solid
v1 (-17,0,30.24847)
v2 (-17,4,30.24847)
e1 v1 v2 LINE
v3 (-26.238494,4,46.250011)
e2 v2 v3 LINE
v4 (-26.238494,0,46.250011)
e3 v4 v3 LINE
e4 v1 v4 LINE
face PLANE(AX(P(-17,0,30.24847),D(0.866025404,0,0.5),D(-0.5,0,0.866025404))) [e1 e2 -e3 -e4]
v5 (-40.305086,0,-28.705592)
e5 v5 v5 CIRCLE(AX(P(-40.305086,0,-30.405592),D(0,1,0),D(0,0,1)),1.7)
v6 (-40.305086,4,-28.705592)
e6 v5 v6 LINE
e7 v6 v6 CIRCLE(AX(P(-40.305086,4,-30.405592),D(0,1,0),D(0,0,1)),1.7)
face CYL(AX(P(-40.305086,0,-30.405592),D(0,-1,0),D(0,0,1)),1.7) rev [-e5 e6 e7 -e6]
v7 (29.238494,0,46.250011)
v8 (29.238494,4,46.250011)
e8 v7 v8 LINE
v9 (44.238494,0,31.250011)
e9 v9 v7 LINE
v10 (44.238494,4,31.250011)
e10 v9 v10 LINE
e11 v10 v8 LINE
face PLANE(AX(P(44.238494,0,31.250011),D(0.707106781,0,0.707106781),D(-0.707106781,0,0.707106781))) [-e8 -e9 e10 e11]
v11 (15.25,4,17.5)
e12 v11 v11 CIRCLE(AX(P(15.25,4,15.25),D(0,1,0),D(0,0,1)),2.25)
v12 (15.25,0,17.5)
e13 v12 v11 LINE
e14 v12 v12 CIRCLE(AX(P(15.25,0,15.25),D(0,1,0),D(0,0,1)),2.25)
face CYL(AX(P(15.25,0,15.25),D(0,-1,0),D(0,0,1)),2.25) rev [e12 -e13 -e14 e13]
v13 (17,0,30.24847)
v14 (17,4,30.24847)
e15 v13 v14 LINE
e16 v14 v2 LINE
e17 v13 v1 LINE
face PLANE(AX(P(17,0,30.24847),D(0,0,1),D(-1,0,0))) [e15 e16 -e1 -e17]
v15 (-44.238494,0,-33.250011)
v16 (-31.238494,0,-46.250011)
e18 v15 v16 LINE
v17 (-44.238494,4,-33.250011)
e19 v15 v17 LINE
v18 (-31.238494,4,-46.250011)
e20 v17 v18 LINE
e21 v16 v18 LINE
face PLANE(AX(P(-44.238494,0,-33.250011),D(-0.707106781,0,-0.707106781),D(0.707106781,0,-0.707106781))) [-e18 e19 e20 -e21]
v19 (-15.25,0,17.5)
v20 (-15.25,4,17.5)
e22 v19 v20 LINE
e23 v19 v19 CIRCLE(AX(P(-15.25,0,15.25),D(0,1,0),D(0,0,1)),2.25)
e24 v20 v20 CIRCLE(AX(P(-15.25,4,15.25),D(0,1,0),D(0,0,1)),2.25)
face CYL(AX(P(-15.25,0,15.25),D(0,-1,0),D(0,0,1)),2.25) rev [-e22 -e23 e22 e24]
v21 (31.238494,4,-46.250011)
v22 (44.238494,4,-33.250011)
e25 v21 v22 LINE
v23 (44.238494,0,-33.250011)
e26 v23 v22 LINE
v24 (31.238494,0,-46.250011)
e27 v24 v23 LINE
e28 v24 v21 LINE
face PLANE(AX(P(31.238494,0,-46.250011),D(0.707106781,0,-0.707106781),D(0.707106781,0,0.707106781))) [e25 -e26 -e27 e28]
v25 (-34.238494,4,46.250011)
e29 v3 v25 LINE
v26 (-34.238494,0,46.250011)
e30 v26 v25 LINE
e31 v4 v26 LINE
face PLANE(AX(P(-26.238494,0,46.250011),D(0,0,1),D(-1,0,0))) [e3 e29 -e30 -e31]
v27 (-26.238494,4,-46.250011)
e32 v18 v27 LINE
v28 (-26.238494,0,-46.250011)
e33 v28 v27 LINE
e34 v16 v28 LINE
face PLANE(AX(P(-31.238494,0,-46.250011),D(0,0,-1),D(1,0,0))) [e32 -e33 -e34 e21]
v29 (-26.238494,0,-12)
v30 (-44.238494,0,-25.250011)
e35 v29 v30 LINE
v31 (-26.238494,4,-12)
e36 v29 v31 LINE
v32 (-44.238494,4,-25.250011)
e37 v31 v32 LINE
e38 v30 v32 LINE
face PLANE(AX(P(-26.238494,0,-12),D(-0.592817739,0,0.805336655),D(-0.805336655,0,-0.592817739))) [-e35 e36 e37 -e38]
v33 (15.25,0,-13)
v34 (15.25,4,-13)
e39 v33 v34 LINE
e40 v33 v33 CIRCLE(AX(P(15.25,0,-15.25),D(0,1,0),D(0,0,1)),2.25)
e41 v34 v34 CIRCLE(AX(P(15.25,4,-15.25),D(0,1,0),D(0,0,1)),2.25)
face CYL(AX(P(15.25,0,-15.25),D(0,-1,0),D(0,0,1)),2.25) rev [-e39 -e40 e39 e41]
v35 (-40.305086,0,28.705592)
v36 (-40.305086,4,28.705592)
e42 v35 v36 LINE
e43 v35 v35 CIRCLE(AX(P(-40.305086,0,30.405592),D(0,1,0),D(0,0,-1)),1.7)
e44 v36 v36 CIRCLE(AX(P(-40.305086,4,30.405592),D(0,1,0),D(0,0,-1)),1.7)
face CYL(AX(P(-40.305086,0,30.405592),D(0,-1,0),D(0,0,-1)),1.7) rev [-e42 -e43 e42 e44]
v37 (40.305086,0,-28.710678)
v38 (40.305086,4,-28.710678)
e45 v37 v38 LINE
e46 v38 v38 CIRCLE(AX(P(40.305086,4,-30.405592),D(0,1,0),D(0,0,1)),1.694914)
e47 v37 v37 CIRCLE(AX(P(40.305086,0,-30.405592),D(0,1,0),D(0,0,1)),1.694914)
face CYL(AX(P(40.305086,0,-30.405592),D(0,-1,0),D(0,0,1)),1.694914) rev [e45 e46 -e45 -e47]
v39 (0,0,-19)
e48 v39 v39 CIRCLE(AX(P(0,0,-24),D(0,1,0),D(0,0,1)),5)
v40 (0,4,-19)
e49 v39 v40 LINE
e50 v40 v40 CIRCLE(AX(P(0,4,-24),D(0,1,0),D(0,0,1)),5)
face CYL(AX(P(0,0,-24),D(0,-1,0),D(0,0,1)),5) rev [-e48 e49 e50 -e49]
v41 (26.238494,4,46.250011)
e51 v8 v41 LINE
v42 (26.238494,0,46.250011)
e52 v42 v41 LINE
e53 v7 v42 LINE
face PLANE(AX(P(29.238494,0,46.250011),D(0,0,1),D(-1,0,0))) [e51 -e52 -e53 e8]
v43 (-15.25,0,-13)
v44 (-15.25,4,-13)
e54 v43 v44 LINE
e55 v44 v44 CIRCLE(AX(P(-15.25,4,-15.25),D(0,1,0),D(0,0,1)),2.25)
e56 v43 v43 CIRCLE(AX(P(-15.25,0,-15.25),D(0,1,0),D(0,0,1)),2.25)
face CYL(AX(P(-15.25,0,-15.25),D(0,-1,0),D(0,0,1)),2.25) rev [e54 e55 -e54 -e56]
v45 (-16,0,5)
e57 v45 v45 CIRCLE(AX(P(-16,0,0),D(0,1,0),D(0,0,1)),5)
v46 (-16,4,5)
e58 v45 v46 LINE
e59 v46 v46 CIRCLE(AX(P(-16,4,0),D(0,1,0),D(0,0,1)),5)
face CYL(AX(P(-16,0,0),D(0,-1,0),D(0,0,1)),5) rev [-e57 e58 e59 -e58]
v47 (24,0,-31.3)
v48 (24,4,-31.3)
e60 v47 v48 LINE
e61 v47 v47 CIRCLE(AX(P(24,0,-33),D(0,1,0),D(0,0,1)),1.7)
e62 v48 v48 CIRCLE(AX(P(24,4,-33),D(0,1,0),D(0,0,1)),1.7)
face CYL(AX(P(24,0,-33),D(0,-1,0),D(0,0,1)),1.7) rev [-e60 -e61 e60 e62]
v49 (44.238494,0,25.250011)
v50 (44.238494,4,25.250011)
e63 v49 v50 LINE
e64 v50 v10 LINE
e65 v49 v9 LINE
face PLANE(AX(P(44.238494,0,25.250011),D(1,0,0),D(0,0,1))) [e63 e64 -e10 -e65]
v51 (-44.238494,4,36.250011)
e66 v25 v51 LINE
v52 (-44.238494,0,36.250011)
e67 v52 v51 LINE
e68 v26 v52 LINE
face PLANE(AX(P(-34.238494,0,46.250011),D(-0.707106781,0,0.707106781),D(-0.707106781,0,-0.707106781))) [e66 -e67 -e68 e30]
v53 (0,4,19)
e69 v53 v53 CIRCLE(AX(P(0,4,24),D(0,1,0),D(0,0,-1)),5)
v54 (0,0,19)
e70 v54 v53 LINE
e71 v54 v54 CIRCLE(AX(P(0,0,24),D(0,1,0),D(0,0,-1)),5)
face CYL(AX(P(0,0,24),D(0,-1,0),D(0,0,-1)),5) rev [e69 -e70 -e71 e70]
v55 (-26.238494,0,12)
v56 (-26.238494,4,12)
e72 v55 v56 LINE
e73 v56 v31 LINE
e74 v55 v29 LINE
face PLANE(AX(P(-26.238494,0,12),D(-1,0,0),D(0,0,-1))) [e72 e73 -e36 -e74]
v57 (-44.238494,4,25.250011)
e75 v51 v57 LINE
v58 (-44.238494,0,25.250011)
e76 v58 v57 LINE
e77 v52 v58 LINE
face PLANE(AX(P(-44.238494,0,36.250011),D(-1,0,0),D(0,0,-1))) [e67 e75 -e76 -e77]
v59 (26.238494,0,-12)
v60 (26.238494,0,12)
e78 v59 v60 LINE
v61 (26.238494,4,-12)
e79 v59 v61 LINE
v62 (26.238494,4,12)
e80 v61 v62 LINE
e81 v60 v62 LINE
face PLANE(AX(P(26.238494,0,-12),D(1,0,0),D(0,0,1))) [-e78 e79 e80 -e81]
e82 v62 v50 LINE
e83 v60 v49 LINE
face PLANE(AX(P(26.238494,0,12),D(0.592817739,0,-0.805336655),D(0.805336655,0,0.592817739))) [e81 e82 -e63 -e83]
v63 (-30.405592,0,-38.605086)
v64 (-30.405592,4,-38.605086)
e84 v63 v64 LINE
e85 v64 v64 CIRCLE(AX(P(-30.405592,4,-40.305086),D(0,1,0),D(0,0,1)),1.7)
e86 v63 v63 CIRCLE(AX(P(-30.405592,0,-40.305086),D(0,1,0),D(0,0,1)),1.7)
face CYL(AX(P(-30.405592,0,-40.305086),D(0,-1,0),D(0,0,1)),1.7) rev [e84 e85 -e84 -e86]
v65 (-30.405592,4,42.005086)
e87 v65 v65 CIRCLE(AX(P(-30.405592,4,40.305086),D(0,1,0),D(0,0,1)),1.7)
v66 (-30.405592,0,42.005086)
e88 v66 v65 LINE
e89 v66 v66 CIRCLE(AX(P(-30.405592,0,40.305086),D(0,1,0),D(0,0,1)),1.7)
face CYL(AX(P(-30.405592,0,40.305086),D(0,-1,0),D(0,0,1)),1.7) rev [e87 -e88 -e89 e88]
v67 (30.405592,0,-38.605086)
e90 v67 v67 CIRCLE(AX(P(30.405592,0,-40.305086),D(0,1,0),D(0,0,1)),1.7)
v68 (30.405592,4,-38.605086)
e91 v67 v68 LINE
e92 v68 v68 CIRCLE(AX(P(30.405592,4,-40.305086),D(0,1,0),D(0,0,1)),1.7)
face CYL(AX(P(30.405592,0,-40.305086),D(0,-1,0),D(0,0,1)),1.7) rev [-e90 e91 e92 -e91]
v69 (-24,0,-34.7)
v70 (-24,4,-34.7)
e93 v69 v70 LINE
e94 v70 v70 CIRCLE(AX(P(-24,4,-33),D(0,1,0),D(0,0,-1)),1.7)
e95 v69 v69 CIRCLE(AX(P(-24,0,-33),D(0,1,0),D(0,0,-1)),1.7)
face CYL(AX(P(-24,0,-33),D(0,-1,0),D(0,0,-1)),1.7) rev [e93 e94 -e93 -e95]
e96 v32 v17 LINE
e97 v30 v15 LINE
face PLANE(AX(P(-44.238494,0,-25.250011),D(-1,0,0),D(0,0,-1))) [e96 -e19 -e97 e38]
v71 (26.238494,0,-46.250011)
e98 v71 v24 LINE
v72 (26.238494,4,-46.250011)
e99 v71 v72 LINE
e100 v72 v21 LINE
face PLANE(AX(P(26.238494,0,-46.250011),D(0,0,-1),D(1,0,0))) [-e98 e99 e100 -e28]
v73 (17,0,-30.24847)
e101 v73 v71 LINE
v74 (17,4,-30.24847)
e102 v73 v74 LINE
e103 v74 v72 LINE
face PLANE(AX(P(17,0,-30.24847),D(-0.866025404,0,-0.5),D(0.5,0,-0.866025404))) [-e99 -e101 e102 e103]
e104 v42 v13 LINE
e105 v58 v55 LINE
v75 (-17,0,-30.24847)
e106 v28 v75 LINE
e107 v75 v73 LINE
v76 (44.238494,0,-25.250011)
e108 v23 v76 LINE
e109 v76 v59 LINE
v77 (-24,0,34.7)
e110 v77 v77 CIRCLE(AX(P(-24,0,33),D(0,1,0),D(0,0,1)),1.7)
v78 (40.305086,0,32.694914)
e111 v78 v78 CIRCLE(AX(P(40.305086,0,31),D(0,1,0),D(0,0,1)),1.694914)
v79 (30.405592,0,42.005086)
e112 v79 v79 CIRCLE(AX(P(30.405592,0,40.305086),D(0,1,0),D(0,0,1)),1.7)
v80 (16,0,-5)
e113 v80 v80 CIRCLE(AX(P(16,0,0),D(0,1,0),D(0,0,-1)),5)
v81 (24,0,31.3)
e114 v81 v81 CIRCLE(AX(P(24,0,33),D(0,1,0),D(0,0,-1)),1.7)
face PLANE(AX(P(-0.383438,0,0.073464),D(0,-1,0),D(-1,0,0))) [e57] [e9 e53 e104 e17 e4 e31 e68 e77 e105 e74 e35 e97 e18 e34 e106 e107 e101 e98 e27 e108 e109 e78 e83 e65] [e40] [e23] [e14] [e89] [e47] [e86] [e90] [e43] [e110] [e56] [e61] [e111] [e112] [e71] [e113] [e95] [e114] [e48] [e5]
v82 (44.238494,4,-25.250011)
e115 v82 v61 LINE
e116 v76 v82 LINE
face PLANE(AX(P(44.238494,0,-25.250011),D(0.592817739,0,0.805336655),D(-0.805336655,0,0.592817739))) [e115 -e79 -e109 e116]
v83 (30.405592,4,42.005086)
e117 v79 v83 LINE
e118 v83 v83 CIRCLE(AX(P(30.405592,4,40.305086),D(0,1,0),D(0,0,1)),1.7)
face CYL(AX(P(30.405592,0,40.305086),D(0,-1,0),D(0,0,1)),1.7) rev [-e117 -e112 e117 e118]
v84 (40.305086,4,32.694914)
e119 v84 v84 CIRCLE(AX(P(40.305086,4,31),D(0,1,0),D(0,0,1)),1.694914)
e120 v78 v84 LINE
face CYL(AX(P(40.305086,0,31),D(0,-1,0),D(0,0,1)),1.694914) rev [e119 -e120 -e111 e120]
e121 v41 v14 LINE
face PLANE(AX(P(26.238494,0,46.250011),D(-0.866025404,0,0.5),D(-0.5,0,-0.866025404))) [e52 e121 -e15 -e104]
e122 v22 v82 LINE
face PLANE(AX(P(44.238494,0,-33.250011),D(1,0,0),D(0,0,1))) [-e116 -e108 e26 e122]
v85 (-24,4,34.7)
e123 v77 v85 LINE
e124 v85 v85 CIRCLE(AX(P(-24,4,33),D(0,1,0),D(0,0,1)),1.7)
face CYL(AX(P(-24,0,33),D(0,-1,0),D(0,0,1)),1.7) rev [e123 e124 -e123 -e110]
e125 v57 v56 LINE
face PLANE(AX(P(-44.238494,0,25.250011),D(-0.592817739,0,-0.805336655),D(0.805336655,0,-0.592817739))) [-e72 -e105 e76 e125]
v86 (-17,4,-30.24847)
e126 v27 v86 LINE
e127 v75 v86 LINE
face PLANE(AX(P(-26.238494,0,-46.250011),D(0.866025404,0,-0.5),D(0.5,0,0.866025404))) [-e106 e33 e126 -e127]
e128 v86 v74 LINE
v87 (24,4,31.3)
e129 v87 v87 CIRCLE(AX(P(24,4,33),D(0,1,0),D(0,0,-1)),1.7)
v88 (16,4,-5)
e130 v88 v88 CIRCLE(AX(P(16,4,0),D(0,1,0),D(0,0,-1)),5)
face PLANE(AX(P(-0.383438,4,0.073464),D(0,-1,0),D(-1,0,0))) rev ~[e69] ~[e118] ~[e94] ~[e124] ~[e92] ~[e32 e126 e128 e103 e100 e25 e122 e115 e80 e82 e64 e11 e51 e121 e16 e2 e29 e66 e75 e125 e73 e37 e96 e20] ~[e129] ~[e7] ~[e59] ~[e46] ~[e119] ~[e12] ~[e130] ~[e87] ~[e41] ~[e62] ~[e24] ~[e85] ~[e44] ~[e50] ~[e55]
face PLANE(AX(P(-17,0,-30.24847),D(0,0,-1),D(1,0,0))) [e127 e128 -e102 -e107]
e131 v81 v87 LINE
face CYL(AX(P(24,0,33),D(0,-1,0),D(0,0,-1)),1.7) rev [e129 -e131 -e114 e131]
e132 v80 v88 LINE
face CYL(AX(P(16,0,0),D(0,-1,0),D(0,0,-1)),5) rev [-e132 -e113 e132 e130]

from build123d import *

# Parameters (mm, degrees)
SKETCH_1_R      = 2.25
SKETCH_1_R_2    = 1.7
SKETCH_1_R_3    = 5
SKETCH_1_R_4    = 1.69491354
EXTRUDE_1_DEPTH = 4


with BuildPart() as part:
    # 草图1 → 凸台-拉伸1 (new body)
    with BuildSketch(Plane(origin=(0, 0, 0), x_dir=(1, 0, 0), z_dir=(0, 1, 0))):
        Polygon((44.23849367, 33.250010702), (44.23849367, 25.250010702), (26.23849367, 12), (26.23849367, -12), (44.23849367, -25.250010702), (44.23849367, -31.250010702), (29.23849367, -46.250010702), (26.23849367, -46.250010702), (17, -30.248470281), (-17, -30.248470281), (-26.23849367, -46.250010702), (-34.23849367, -46.250010702), (-44.23849367, -36.250010702), (-44.23849367, -25.250010702), (-26.23849367, -12), (-26.23849367, 12), (-44.23849367, 25.250010702), (-44.23849367, 33.250010702), (-31.23849367, 46.250010702), (-26.23849367, 46.250010702), (-17, 30.248470281), (17, 30.248470281), (26.23849367, 46.250010702), (31.23849367, 46.250010702), align=None)
        with Locations(Location((-15.25, -15.25, 0), (0, 0, 270))):
            Circle(SKETCH_1_R, mode=Mode.SUBTRACT)
        with Locations(Location((-15.25, 15.25, 0), (0, 0, 270))):
            Circle(SKETCH_1_R, mode=Mode.SUBTRACT)
        with Locations(Location((15.25, -15.25, 0), (0, 0, 270))):
            Circle(SKETCH_1_R, mode=Mode.SUBTRACT)
        with Locations(Location((15.25, 15.25, 0), (0, 0, 270))):
            Circle(SKETCH_1_R, mode=Mode.SUBTRACT)
        with Locations(Location((-24, -33, 0), (0, 0, 270))):
            Circle(SKETCH_1_R_2, mode=Mode.SUBTRACT)
        with Locations(Location((-16, 0, 0), (0, 0, 270))):
            Circle(SKETCH_1_R_3, mode=Mode.SUBTRACT)
        with Locations(Location((0, 24, 0), (0, 0, 270))):
            Circle(SKETCH_1_R_3, mode=Mode.SUBTRACT)
        with Locations(Location((-30.40559154, -40.30508646, 0), (0, 0, 270))):
            Circle(SKETCH_1_R_2, mode=Mode.SUBTRACT)
        with Locations(Location((-30.40559154, 40.30508646, 0), (0, 0, 270))):
            Circle(SKETCH_1_R_2, mode=Mode.SUBTRACT)
        with Locations(Location((-40.30508646, 30.40559154, 0), (0, 0, 270))):
            Circle(SKETCH_1_R_2, mode=Mode.SUBTRACT)
        with Locations(Location((30.40559154, -40.30508646, 0), (0, 0, 270))):
            Circle(SKETCH_1_R_2, mode=Mode.SUBTRACT)
        with Locations(Location((40.30508646, -31, 0), (0, 0, 270))):
            Circle(SKETCH_1_R_4, mode=Mode.SUBTRACT)
        with Locations(Location((40.30508646, 30.40559154, 0), (0, 0, 270))):
            Circle(SKETCH_1_R_4, mode=Mode.SUBTRACT)
        with Locations(Location((30.40559154, 40.30508646, 0), (0, 0, 270))):
            Circle(SKETCH_1_R_2, mode=Mode.SUBTRACT)
        with Locations(Location((-40.30508646, -30.40559154, 0), (0, 0, 90))):
            Circle(SKETCH_1_R_2, mode=Mode.SUBTRACT)
        with Locations(Location((24, -33, 0), (0, 0, 90))):
            Circle(SKETCH_1_R_2, mode=Mode.SUBTRACT)
        with Locations(Location((24, 33, 0), (0, 0, 270))):
            Circle(SKETCH_1_R_2, mode=Mode.SUBTRACT)
        with Locations(Location((-24, 33, 0), (0, 0, 90))):
            Circle(SKETCH_1_R_2, mode=Mode.SUBTRACT)
        with Locations(Location((16, 0, 0), (0, 0, 90))):
            Circle(SKETCH_1_R_3, mode=Mode.SUBTRACT)
        with Locations(Location((0, -24, 0), (0, 0, 90))):
            Circle(SKETCH_1_R_3, mode=Mode.SUBTRACT)
    extrude(amount=EXTRUDE_1_DEPTH)


solid = part.part
